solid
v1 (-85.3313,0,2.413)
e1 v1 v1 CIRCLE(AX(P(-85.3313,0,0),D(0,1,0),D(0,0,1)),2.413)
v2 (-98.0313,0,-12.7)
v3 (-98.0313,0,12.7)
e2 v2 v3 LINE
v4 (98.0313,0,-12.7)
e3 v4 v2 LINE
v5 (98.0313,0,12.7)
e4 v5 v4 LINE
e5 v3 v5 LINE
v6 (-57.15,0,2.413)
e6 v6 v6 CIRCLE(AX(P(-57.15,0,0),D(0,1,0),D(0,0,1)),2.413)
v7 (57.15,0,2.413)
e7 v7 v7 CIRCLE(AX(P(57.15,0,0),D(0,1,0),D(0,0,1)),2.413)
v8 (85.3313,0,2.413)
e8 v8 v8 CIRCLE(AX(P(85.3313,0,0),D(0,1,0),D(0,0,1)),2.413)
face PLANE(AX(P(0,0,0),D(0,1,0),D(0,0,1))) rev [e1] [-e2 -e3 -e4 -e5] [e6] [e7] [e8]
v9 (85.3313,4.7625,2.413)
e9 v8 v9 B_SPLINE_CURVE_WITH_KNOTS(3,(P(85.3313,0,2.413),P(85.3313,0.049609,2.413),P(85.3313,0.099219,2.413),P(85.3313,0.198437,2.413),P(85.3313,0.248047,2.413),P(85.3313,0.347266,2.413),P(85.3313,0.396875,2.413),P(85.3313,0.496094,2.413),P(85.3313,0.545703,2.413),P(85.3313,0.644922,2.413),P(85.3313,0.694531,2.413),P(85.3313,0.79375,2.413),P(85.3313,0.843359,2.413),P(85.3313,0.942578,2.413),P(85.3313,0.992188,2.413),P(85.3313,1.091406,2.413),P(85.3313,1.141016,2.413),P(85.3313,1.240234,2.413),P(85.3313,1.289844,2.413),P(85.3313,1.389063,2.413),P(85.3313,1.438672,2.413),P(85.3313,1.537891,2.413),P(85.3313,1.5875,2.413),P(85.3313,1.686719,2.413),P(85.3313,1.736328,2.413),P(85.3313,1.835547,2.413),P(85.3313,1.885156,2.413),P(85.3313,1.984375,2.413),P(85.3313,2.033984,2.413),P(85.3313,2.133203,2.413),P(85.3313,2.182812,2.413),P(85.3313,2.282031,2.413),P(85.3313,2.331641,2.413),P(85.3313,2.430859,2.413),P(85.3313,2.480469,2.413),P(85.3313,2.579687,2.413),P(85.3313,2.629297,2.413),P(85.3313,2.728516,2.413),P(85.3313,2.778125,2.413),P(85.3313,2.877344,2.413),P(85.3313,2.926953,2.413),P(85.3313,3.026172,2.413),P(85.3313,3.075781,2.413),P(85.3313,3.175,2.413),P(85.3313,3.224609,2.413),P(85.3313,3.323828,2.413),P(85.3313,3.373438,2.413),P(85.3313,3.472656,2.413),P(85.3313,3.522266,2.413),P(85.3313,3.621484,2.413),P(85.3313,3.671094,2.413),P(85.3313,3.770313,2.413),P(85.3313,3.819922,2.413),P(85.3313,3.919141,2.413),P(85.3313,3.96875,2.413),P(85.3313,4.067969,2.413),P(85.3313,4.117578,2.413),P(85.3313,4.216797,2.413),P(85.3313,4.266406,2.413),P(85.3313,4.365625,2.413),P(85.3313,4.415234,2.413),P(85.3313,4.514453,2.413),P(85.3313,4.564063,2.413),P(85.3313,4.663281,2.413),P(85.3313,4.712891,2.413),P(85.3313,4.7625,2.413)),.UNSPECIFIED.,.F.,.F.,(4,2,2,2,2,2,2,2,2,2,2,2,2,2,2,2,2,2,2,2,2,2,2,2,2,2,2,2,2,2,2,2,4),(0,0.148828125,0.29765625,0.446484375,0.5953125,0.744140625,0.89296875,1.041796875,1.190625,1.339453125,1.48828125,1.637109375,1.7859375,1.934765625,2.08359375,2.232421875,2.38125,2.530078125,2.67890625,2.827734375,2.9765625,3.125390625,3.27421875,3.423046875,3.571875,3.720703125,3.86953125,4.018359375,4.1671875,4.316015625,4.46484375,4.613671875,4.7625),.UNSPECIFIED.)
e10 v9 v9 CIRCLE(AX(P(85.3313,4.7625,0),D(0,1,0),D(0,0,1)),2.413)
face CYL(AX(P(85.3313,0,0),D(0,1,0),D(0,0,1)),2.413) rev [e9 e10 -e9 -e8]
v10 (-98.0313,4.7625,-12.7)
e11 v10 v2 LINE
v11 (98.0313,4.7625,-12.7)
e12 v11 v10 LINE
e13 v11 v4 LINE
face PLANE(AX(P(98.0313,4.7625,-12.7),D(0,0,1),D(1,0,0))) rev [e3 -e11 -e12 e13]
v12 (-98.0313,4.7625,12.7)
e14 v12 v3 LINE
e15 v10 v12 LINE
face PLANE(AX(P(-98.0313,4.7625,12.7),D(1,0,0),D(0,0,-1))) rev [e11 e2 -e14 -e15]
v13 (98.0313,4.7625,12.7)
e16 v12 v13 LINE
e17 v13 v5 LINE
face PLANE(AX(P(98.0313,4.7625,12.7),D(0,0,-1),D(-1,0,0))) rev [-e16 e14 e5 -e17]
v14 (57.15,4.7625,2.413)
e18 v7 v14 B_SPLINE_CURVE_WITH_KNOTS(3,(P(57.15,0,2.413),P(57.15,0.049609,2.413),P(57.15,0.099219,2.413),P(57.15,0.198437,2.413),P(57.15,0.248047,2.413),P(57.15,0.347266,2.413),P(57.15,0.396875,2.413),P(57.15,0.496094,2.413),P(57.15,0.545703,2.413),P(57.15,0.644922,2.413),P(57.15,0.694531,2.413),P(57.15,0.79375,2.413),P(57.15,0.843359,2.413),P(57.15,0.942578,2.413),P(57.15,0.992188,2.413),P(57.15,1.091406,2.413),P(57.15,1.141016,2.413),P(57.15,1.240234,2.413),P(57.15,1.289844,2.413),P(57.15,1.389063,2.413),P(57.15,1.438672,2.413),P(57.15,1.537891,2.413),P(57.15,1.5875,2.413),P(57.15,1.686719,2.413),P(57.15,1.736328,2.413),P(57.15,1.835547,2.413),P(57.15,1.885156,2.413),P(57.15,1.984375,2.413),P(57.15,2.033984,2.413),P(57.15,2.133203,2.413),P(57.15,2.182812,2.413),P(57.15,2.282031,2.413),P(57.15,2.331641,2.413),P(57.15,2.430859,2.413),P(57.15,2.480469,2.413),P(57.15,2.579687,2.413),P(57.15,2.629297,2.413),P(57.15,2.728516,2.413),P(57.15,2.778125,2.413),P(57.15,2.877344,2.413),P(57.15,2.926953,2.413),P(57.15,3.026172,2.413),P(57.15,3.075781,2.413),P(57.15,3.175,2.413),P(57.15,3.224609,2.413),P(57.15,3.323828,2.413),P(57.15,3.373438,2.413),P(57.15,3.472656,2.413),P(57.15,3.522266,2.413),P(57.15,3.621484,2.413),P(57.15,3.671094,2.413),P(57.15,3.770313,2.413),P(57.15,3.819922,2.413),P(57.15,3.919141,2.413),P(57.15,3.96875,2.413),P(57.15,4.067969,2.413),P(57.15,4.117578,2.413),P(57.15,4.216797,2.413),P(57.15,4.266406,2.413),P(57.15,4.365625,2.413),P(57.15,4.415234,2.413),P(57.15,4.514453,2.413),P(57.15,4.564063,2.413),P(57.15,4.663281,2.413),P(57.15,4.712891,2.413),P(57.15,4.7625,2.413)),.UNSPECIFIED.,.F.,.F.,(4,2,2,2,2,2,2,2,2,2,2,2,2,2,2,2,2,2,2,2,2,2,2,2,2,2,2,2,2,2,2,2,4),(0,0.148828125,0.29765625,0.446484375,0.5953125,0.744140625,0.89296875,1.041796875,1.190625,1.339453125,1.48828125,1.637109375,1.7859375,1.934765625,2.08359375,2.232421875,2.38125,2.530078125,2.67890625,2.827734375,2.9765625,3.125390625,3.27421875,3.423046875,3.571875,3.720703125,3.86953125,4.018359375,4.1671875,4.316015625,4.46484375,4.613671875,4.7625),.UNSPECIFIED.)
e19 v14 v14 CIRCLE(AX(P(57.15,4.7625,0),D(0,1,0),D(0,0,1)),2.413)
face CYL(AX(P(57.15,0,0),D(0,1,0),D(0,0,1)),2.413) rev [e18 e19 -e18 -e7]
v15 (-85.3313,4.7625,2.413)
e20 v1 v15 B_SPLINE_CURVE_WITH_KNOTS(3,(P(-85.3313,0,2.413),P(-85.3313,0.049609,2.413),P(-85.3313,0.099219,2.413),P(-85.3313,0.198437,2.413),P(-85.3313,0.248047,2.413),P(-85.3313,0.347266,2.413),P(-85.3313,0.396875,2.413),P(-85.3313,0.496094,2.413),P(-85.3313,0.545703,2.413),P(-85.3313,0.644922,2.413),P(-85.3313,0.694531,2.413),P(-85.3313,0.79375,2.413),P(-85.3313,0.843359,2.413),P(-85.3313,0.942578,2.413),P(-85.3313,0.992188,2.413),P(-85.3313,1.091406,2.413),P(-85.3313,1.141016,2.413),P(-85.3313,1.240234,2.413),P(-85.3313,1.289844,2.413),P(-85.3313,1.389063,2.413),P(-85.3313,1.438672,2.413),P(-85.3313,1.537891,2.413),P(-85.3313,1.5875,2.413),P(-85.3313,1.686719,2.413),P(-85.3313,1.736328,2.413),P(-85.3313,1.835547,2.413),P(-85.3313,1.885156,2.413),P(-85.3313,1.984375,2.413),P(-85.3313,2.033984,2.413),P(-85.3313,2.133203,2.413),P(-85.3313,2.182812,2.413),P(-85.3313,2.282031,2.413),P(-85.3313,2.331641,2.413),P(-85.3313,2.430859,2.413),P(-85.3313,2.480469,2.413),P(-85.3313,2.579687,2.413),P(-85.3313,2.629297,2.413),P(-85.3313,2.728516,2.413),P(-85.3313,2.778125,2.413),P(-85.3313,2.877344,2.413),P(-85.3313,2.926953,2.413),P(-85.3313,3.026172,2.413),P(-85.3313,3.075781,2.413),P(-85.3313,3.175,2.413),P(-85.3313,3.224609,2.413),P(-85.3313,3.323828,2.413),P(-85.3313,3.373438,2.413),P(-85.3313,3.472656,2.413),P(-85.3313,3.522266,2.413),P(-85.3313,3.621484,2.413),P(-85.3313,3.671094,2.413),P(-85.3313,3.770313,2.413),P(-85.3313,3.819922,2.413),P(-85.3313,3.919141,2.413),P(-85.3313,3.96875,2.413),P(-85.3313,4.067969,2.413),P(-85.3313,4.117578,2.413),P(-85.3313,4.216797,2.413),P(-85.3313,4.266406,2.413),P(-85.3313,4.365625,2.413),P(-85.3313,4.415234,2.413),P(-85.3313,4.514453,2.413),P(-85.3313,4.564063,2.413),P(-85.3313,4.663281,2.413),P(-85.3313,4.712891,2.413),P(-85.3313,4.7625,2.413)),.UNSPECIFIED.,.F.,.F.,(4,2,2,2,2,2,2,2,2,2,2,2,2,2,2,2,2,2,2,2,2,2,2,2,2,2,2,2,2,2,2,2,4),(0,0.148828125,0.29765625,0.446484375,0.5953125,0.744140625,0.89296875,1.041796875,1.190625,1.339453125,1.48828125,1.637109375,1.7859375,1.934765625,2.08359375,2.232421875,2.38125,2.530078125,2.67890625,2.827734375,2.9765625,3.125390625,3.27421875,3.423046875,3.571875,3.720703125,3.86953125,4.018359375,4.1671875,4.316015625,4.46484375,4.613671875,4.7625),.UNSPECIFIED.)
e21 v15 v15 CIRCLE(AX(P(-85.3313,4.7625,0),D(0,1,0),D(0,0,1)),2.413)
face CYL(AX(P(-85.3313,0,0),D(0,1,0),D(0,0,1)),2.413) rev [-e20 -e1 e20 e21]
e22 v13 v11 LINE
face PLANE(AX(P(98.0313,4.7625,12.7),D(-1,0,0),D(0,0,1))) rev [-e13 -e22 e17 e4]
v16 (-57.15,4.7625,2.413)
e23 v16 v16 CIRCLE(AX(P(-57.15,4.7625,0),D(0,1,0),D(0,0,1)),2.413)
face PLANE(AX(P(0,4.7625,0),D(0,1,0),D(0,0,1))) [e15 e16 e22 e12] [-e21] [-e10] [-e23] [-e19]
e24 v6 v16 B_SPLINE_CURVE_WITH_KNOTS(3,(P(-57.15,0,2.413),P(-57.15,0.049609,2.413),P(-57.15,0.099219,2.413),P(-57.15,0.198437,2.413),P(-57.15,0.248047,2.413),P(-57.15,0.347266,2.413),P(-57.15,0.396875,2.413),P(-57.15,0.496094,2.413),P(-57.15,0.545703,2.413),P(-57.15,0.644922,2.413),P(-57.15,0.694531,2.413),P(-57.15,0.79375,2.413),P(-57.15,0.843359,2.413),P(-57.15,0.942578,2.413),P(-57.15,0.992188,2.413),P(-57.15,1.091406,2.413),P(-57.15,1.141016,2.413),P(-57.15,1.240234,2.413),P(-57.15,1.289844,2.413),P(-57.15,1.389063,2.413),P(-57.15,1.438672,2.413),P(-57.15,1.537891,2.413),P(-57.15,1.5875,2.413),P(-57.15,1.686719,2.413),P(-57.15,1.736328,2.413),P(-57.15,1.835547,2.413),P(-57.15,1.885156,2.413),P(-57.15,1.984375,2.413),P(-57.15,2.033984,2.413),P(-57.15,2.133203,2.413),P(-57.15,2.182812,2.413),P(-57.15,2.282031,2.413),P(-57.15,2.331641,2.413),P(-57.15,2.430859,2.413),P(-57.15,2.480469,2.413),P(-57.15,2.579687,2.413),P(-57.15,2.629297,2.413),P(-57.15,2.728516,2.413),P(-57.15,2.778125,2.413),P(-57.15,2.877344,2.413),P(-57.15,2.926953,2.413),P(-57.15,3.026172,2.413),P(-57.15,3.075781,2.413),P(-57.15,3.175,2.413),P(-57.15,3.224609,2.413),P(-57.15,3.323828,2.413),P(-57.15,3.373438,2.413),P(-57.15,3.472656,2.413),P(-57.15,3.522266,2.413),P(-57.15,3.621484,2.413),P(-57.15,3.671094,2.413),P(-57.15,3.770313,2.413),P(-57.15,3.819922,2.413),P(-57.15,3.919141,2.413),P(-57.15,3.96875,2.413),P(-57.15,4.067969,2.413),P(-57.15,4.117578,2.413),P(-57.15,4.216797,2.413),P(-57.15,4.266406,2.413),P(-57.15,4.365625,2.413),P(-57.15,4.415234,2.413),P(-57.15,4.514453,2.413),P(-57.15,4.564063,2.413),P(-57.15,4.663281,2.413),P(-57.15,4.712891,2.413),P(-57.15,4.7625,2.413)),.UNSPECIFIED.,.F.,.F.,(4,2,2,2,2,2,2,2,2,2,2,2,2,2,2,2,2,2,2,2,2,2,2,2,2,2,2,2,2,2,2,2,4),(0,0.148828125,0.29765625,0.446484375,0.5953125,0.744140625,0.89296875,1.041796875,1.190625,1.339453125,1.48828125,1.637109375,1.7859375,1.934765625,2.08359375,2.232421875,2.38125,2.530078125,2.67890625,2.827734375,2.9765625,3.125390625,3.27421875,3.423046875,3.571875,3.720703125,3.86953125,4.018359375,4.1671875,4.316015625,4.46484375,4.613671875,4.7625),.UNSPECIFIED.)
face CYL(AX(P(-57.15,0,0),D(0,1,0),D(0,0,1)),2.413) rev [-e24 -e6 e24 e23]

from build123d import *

# Parameters (mm, degrees)
SKETCH1_W           = 196.0626
SKETCH1_H           = 25.4
BOSS_EXTRUDE1_DEPTH = 4.7625
SKETCH2_R           = 2.413
CUT_EXTRUDE1_DEPTH  = 99.965181685


with BuildPart() as part:
    # Sketch1 → Boss-Extrude1 (new body)
    with BuildSketch(Plane(origin=(0, 0, 0), x_dir=(1, 0, 0), z_dir=(0, 1, 0))):
        Rectangle(SKETCH1_W, SKETCH1_H)
    extrude(amount=BOSS_EXTRUDE1_DEPTH)

    # Sketch2 → Cut-Extrude1 (cut, through all)
    with BuildSketch(Plane(origin=(0, 4.7625, 0), x_dir=(1, 0, 0), z_dir=(0, 1, 0))):
        with Locations(Location((-57.15, 0, 0), (0, 0, 270))):
            Circle(SKETCH2_R)
        with Locations(Location((57.15, 0, 0), (0, 0, 270))):
            Circle(SKETCH2_R)
        with Locations(Location((-85.3313, 0, 0), (0, 0, 270))):
            Circle(SKETCH2_R)
        with Locations(Location((85.3313, 0, 0), (0, 0, 270))):
            Circle(SKETCH2_R)
    extrude(amount=-CUT_EXTRUDE1_DEPTH, mode=Mode.SUBTRACT)


solid = part.part
